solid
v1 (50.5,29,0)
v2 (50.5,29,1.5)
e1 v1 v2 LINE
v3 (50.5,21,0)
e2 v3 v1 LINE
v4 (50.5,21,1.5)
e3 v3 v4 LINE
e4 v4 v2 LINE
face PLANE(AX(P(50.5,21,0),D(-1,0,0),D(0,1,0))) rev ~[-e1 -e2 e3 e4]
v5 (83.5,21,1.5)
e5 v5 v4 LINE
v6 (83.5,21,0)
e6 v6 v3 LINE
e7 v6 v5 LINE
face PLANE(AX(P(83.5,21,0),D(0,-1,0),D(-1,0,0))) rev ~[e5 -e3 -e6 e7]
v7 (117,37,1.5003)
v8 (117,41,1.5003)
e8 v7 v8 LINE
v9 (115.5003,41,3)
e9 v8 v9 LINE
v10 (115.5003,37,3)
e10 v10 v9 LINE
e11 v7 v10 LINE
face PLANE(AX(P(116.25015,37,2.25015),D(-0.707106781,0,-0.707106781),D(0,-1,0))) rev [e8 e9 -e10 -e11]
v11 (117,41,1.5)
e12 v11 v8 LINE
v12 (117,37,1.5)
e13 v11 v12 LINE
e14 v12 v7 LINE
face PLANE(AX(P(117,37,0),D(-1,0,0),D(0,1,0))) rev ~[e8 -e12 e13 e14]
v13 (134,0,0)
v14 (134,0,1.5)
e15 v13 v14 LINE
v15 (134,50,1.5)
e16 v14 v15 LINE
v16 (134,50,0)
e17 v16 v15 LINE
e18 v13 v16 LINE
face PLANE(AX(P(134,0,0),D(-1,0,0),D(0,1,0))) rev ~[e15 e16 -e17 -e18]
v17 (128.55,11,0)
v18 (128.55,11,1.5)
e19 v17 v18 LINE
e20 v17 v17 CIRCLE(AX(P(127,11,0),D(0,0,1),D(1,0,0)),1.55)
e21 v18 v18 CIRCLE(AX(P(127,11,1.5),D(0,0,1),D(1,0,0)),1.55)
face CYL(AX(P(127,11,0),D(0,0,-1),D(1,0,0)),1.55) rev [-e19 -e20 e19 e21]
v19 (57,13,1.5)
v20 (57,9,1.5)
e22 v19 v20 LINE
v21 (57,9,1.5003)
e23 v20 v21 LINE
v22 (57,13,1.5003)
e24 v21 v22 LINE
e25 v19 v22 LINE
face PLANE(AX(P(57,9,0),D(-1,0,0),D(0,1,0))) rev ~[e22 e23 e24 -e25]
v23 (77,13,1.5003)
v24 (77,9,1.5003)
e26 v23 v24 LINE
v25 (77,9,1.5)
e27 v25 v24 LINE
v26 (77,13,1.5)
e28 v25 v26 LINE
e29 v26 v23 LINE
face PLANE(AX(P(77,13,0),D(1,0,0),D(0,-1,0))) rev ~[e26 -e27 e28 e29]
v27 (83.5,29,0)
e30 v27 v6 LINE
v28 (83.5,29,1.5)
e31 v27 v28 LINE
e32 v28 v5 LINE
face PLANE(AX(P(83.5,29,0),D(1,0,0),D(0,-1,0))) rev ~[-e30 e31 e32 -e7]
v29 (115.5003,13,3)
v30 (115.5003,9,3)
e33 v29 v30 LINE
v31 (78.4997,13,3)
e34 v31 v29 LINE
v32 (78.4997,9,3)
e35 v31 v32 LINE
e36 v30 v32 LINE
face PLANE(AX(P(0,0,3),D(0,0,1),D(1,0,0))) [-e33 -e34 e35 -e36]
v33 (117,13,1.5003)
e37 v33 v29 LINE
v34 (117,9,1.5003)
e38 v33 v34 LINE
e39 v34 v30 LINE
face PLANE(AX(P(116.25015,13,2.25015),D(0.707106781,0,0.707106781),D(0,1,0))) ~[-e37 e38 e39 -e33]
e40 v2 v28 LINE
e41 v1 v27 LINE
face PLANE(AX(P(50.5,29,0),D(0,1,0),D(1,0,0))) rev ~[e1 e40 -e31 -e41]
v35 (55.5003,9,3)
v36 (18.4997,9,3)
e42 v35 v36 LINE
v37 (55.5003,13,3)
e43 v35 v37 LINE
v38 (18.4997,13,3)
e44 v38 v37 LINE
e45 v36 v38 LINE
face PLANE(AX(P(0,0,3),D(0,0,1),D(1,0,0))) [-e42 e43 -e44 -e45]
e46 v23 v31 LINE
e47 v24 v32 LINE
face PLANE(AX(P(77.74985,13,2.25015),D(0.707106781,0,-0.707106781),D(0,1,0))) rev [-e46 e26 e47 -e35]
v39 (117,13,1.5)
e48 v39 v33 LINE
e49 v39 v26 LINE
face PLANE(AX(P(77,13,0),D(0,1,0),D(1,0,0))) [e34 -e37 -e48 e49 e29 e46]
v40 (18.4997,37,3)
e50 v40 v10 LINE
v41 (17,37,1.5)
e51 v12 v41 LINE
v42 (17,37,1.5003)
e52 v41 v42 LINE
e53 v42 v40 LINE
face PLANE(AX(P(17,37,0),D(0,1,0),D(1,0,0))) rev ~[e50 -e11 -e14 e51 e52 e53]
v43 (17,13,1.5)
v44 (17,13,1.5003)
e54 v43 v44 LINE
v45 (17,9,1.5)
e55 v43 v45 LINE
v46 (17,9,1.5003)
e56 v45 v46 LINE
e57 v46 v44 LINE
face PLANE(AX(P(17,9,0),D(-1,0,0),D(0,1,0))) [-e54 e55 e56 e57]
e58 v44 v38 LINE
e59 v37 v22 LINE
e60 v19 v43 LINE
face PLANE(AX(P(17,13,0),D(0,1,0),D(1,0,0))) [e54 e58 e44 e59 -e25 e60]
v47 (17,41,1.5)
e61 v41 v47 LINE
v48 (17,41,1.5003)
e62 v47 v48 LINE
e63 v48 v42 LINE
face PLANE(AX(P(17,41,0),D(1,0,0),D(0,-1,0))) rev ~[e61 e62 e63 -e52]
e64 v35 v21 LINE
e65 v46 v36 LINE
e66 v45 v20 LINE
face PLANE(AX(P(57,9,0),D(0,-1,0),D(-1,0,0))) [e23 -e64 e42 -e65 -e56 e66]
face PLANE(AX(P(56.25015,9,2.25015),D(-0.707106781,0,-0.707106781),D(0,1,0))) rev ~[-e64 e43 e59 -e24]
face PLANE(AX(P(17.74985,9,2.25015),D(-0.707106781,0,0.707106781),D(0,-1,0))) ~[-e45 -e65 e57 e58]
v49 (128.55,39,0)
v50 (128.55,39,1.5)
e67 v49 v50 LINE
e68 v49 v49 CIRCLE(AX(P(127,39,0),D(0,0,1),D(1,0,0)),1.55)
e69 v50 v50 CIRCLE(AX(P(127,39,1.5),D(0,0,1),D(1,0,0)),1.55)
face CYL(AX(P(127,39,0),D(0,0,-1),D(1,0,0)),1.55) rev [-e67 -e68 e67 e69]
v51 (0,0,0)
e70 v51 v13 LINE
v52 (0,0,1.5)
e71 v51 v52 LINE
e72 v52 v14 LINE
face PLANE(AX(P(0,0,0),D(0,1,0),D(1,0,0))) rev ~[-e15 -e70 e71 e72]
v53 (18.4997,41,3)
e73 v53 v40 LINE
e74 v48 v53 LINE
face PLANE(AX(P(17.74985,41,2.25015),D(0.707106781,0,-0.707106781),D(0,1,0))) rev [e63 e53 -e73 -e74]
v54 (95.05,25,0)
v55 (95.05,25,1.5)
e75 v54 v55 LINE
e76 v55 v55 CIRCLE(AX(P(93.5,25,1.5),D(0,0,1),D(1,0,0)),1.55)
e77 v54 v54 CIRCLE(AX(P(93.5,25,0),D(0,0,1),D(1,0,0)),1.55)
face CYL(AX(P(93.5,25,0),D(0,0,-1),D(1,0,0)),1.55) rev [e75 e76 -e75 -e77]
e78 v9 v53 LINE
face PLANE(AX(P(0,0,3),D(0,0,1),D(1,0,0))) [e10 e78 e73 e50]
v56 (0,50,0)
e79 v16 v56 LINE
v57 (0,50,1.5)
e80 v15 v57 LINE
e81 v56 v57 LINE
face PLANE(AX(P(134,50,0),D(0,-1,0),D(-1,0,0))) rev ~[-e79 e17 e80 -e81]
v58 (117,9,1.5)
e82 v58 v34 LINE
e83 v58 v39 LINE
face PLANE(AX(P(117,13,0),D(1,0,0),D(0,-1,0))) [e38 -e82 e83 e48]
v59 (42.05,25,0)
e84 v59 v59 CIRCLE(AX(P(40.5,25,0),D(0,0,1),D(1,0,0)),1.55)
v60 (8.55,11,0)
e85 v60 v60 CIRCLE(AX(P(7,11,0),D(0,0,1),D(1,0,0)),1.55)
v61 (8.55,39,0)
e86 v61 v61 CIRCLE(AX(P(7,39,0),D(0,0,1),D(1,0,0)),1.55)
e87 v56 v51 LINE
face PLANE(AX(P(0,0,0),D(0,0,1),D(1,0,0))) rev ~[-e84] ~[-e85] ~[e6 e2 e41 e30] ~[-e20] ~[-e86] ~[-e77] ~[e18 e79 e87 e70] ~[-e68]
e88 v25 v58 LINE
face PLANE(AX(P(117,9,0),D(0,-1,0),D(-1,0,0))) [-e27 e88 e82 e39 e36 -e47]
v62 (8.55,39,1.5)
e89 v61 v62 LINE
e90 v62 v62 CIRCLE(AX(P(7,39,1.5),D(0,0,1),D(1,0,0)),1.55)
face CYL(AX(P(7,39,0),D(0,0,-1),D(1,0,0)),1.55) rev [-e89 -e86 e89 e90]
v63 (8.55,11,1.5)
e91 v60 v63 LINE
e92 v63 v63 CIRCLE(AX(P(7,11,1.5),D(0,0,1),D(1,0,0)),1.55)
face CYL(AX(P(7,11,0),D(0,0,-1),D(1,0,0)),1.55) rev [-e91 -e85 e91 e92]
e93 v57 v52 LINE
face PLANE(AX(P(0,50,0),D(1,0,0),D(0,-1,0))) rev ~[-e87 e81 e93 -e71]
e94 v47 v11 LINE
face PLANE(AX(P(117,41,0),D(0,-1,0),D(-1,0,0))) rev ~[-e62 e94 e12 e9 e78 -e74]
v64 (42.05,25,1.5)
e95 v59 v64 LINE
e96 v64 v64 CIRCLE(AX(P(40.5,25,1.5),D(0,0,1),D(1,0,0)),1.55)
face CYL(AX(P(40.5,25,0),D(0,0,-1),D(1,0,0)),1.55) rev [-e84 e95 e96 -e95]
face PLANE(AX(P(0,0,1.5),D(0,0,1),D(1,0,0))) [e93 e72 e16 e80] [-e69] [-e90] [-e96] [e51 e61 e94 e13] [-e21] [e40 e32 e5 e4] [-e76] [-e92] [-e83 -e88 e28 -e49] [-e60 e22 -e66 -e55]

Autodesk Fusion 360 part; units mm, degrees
sketch "Sketch1" plane through (0, 0, 0) normal (0, 0, 1) x (1, 0, 0)
  line L0 (0, 0) -> (134, 0)
  line L1 (134, 0) -> (134, 50)
  line L2 (134, 50) -> (0, 50)
  line L3 (0, 50) -> (0, 0)
  circle A0 centre (7, 39) radius 1.55
  circle A1 centre (7, 11) radius 1.55
  circle A2 centre (127, 39) radius 1.55
  circle A3 centre (127, 11) radius 1.55
  line L4 (83.5, 21) -> (50.5, 21)
  line L5 (50.5, 21) -> (50.5, 29)
  line L6 (50.5, 29) -> (83.5, 29)
  line L7 (83.5, 29) -> (83.5, 21)
  line L8 (83.5, 21) -> (50.5, 29) construction
  line L9 (50.5, 21) -> (83.5, 29) construction
  line L10 (0, 25) -> (134, 25) construction
  circle A4 centre (40.5, 25) radius 1.55
  circle A5 centre (93.5, 25) radius 1.55
  line L11 (7, 11) -> (127, 11) construction
  line L12 (117, 9) -> (17, 9)
  line L13 (17, 9) -> (17, 13)
  line L14 (17, 13) -> (117, 13)
  line L15 (117, 13) -> (117, 9)
  line L16 (117, 9) -> (17, 13) construction
  line L17 (17, 9) -> (117, 13) construction
  line L18 (117, 41) -> (17, 41)
  line L19 (17, 41) -> (17, 37)
  line L20 (17, 37) -> (117, 37)
  line L21 (117, 37) -> (117, 41)
  line L22 (77, 9) -> (57, 9)
  line L23 (57, 9) -> (57, 13)
  line L24 (57, 13) -> (77, 13)
  line L25 (77, 13) -> (77, 9)
  line L26 (77, 9) -> (57, 13) construction
  line L27 (57, 9) -> (77, 13) construction
  point P0 (67, 25)
  point P1 (67, 11)
  point P2 (67, 11)
  dimension "d1" = 134
  dimension "d2" = 50
  dimension "d3" = 3.1
  dimension "d4" = 11
  dimension "d5" = 7
  dimension "d6" = 3.1
  dimension "d7" = 3.1
  dimension "d8" = 3.1
  dimension "d9" = 7
  dimension "d10" = 11
  dimension "d11" = 11
  dimension "d12" = 7
  dimension "d13" = 7
  dimension "d14" = 11
  dimension "d15" = 33
  dimension "d16" = 8
  dimension "d17" = 21
  dimension "d18" = 50.5
  dimension "d19" = 3.1
  dimension "d20" = 26.5
  dimension "d21" = 3.1
  dimension "d22" = 26.5
  dimension "d28" = 4
extrude "Extrude1" add sketch "Sketch1" along normal blind 1.5 contours L0 L1 L2 L3 | L12 L14 L15 L25 | L12 L14 L22 L23 L24 L25 | L12 L13 L14 L23 | L18 L19 L20 L21
extrude "Extrude2" add sketch "Sketch1" along normal blind 3 contours L12 L14 L15 L25 | L12 L13 L14 L23 | L18 L19 L20 L21
chamfer "Chamfer1" distance 1.5 angle 45 4 edges at (117, 11, 3) (117, 39, 3) (17, 39, 3) (17, 11, 3)
chamfer "Chamfer2" distance 1.5 angle 45 2 edges at (57, 11, 3) (77, 11, 3)
equation "d6 = d3"
equation "d7 = d3"
equation "d8 = d3"
equation "d9 = d5"
equation "d10 = d4"
equation "d11 = d4"
equation "d12 = d5"
equation "d13 = d5"
equation "d14 = d4"
equation "d19 = d3"
equation "d21 = d3"
equation "d22 = d20"
